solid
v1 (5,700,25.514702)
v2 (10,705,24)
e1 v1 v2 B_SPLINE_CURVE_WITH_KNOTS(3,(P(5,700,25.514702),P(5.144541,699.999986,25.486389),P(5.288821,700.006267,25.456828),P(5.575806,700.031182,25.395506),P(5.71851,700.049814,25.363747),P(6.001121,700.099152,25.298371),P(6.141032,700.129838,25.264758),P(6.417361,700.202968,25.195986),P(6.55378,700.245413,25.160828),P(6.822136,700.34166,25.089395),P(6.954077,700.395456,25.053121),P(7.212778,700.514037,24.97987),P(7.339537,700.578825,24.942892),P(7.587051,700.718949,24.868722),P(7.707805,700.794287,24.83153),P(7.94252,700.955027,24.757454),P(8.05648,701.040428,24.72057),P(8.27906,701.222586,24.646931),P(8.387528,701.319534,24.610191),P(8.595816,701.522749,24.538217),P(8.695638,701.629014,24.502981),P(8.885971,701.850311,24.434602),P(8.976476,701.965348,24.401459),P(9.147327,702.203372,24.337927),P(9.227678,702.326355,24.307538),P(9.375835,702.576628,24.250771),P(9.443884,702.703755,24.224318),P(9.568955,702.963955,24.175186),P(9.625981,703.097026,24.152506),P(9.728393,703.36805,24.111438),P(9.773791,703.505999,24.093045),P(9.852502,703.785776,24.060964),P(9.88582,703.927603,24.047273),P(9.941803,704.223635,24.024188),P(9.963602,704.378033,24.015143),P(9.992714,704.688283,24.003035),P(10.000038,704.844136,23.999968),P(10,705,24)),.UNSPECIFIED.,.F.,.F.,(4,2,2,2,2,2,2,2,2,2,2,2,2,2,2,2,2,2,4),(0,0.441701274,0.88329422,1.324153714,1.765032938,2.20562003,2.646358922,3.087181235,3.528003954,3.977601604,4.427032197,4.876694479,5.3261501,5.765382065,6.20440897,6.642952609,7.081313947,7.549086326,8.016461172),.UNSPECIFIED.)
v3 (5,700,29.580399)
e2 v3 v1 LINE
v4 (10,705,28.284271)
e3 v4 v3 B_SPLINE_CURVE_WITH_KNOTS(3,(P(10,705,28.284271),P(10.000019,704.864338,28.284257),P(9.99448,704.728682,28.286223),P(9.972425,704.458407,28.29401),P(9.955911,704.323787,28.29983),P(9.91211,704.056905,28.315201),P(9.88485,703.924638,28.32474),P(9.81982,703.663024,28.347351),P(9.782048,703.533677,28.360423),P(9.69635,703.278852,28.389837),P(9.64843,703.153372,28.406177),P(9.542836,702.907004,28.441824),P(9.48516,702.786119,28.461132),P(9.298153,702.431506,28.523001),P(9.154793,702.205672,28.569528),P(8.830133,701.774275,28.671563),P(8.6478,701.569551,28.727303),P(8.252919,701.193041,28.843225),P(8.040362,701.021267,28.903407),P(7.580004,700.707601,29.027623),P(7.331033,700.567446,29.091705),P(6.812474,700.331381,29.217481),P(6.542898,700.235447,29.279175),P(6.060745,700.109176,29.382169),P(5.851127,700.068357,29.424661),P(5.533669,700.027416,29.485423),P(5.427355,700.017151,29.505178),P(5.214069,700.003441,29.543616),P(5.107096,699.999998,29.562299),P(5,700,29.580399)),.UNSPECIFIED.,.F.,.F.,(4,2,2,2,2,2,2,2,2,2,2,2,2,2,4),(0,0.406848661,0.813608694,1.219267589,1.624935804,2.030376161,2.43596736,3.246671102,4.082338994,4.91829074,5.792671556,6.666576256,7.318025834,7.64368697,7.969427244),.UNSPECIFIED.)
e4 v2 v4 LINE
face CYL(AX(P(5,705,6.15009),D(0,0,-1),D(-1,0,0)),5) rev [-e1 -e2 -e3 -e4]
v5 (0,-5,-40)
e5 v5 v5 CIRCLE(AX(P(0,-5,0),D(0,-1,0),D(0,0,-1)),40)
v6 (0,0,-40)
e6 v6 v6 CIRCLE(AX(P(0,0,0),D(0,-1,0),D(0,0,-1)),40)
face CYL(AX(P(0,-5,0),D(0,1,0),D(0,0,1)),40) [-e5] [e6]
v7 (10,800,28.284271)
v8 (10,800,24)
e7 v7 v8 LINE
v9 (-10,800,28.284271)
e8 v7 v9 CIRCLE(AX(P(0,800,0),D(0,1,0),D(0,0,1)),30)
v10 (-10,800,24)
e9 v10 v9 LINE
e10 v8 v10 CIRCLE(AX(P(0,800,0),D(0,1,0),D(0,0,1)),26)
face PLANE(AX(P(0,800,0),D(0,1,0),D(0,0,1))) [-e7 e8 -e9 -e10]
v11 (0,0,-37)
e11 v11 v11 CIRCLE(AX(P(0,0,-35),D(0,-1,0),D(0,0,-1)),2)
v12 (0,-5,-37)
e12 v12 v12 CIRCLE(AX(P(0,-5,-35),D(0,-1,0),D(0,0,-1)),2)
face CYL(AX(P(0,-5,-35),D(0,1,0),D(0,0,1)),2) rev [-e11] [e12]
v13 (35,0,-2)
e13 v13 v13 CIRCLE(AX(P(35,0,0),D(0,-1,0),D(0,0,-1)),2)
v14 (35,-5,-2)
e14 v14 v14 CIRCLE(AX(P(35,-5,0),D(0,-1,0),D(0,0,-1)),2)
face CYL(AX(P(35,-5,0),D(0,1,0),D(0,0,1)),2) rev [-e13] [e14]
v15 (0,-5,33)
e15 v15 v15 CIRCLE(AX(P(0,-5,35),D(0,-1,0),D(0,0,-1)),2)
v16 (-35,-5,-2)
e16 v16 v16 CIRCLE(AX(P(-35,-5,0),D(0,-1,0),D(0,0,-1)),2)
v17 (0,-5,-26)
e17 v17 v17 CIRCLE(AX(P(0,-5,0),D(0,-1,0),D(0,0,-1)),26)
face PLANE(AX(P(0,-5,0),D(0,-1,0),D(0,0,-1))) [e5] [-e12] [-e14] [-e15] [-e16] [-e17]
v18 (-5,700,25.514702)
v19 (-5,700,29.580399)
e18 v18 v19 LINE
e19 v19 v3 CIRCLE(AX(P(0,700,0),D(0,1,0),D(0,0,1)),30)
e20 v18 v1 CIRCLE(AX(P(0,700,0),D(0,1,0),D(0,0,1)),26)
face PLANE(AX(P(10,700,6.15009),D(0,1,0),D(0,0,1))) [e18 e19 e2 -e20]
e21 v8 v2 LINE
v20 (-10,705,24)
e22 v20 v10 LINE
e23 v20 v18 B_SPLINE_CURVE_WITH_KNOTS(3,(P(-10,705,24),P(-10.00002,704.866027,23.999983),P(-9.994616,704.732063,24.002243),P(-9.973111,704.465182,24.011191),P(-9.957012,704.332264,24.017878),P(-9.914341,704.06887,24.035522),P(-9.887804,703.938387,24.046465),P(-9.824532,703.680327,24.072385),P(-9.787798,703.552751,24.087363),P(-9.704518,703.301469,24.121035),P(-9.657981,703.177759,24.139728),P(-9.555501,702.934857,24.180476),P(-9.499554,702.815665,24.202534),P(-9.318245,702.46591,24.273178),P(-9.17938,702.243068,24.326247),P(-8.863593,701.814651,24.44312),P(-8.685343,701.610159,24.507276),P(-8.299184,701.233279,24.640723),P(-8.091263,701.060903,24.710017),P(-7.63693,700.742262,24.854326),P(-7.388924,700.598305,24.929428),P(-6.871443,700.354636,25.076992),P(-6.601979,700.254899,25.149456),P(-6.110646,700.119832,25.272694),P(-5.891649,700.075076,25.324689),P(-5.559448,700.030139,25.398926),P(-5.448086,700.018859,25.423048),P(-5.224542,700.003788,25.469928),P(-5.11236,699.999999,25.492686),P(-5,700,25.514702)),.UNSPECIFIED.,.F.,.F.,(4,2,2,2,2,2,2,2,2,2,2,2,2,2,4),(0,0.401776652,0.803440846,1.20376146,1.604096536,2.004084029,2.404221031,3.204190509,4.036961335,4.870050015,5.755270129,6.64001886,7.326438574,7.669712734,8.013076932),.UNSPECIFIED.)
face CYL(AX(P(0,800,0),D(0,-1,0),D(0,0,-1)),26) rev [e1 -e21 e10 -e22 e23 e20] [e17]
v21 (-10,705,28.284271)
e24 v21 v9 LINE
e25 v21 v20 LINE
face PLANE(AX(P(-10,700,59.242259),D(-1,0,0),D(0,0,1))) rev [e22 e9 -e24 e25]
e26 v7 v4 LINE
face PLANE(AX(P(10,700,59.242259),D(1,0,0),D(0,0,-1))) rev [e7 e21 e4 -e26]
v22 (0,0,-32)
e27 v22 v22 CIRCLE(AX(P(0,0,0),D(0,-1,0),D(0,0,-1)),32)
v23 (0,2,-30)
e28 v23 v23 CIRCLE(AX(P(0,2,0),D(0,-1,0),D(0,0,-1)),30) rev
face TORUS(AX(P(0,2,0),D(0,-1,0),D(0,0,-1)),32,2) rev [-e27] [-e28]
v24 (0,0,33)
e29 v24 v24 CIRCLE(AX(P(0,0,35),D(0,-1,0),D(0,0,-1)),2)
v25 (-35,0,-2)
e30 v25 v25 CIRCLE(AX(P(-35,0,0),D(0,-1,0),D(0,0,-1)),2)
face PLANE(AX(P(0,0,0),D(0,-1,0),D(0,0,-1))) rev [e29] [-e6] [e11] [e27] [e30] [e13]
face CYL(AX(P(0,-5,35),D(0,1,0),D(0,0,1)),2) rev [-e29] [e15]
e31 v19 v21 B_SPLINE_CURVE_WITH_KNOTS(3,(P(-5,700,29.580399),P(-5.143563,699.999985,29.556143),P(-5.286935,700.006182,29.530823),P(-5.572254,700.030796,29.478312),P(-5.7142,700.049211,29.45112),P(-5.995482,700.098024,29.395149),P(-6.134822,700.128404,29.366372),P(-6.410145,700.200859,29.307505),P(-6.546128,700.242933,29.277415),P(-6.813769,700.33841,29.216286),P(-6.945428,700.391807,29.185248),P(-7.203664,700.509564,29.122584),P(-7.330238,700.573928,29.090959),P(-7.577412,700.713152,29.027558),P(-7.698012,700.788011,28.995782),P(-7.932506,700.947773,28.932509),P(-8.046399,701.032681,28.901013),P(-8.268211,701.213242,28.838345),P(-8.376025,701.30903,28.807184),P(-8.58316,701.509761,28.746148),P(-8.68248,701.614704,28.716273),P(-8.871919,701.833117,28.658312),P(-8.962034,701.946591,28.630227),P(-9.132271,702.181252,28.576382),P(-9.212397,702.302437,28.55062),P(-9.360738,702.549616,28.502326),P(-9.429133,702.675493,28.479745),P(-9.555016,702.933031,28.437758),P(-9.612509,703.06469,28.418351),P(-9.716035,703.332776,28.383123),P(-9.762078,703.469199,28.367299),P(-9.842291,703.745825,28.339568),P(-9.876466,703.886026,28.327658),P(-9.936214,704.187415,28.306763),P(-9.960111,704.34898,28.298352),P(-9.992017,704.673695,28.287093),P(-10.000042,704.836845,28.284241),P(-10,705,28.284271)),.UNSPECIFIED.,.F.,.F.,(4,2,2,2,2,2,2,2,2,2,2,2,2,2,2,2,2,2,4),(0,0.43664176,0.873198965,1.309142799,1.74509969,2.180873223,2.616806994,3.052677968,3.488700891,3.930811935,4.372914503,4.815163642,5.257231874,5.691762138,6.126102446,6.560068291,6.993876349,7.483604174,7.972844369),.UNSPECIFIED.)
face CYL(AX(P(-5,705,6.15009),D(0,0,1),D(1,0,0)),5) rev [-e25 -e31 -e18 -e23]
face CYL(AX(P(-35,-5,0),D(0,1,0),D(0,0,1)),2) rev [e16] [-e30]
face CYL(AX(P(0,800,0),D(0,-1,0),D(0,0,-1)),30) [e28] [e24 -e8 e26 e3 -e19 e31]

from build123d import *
from build123d.topology import SkipClean

# Parameters (mm, degrees)
SKETCH1_R           = 30
SKETCH1_R_2         = 26
BOSS_EXTRUDE1_DEPTH = 800
BOSS_EXTRUDE2_START = 5
SKETCH2_R           = 40
SKETCH2_R_2         = 26
SKETCH2_R_3         = 2
BOSS_EXTRUDE2_DEPTH = 5
FILLET1_R           = 2
SKETCH3_W           = 20
SKETCH3_H           = 53.092169015
CUT_EXTRUDE1_DEPTH  = 100
FILLET2_R           = 5


with BuildPart() as part:
    # Sketch1 → Boss-Extrude1 (new body)
    with BuildSketch(Plane(origin=(0, 0, 0), x_dir=(1, 0, 0), z_dir=(0, 1, 0))):
        with Locations(Location((0, 0, 0), (0, 0, 270))):
            Circle(SKETCH1_R)
        with Locations(Location((0, 0, 0), (0, 0, 270))):
            Circle(SKETCH1_R_2, mode=Mode.SUBTRACT)
    extrude(amount=BOSS_EXTRUDE1_DEPTH)

    # Sketch2 → Boss-Extrude2 (add)
    with SkipClean():  # the faces are left unmerged after this step: merging them gives an invalid solid
        with BuildSketch(Plane.XZ.offset(BOSS_EXTRUDE2_START)):
            with Locations(Location((0, 0, 0), (0, 0, 270))):
                Circle(SKETCH2_R)
            with Locations(Location((0, 0, 0), (0, 0, 270))):
                Circle(SKETCH2_R_2, mode=Mode.SUBTRACT)
            with Locations(Location((0, 35, 0), (0, 0, 270))):
                Circle(SKETCH2_R_3, mode=Mode.SUBTRACT)
            with Locations(Location((35, 0, 0), (0, 0, 270))):
                Circle(SKETCH2_R_3, mode=Mode.SUBTRACT)
            with Locations(Location((-35, 0, 0), (0, 0, 270))):
                Circle(SKETCH2_R_3, mode=Mode.SUBTRACT)
            with Locations(Location((0, -35, 0), (0, 0, 270))):
                Circle(SKETCH2_R_3, mode=Mode.SUBTRACT)
        extrude(amount=-BOSS_EXTRUDE2_DEPTH)

    # Fillet1
    fillet1_edges = [part.edges().sort_by_distance(p)[0] for p in [
        (0, 0, -30),
    ]]
    fillet(fillet1_edges, radius=FILLET1_R)

    # Sketch3 → Cut-Extrude1 (cut)
    with SkipClean():  # the faces are left unmerged after this step: merging them gives an invalid solid
        with BuildSketch(Plane(origin=(0, 800, 0), x_dir=(1, 0, 0), z_dir=(0, 1, 0))):
            with Locations((0, -32.696174879)):
                Rectangle(SKETCH3_W, SKETCH3_H)
        extrude(amount=-CUT_EXTRUDE1_DEPTH, mode=Mode.SUBTRACT)

    # Fillet2
    fillet2_edges = [part.edges().sort_by_distance(p)[0] for p in [
        (10, 700, 26.142135624),
        (-10, 700, 26.142135624),
    ]]
    fillet(fillet2_edges, radius=FILLET2_R)


solid = part.part
